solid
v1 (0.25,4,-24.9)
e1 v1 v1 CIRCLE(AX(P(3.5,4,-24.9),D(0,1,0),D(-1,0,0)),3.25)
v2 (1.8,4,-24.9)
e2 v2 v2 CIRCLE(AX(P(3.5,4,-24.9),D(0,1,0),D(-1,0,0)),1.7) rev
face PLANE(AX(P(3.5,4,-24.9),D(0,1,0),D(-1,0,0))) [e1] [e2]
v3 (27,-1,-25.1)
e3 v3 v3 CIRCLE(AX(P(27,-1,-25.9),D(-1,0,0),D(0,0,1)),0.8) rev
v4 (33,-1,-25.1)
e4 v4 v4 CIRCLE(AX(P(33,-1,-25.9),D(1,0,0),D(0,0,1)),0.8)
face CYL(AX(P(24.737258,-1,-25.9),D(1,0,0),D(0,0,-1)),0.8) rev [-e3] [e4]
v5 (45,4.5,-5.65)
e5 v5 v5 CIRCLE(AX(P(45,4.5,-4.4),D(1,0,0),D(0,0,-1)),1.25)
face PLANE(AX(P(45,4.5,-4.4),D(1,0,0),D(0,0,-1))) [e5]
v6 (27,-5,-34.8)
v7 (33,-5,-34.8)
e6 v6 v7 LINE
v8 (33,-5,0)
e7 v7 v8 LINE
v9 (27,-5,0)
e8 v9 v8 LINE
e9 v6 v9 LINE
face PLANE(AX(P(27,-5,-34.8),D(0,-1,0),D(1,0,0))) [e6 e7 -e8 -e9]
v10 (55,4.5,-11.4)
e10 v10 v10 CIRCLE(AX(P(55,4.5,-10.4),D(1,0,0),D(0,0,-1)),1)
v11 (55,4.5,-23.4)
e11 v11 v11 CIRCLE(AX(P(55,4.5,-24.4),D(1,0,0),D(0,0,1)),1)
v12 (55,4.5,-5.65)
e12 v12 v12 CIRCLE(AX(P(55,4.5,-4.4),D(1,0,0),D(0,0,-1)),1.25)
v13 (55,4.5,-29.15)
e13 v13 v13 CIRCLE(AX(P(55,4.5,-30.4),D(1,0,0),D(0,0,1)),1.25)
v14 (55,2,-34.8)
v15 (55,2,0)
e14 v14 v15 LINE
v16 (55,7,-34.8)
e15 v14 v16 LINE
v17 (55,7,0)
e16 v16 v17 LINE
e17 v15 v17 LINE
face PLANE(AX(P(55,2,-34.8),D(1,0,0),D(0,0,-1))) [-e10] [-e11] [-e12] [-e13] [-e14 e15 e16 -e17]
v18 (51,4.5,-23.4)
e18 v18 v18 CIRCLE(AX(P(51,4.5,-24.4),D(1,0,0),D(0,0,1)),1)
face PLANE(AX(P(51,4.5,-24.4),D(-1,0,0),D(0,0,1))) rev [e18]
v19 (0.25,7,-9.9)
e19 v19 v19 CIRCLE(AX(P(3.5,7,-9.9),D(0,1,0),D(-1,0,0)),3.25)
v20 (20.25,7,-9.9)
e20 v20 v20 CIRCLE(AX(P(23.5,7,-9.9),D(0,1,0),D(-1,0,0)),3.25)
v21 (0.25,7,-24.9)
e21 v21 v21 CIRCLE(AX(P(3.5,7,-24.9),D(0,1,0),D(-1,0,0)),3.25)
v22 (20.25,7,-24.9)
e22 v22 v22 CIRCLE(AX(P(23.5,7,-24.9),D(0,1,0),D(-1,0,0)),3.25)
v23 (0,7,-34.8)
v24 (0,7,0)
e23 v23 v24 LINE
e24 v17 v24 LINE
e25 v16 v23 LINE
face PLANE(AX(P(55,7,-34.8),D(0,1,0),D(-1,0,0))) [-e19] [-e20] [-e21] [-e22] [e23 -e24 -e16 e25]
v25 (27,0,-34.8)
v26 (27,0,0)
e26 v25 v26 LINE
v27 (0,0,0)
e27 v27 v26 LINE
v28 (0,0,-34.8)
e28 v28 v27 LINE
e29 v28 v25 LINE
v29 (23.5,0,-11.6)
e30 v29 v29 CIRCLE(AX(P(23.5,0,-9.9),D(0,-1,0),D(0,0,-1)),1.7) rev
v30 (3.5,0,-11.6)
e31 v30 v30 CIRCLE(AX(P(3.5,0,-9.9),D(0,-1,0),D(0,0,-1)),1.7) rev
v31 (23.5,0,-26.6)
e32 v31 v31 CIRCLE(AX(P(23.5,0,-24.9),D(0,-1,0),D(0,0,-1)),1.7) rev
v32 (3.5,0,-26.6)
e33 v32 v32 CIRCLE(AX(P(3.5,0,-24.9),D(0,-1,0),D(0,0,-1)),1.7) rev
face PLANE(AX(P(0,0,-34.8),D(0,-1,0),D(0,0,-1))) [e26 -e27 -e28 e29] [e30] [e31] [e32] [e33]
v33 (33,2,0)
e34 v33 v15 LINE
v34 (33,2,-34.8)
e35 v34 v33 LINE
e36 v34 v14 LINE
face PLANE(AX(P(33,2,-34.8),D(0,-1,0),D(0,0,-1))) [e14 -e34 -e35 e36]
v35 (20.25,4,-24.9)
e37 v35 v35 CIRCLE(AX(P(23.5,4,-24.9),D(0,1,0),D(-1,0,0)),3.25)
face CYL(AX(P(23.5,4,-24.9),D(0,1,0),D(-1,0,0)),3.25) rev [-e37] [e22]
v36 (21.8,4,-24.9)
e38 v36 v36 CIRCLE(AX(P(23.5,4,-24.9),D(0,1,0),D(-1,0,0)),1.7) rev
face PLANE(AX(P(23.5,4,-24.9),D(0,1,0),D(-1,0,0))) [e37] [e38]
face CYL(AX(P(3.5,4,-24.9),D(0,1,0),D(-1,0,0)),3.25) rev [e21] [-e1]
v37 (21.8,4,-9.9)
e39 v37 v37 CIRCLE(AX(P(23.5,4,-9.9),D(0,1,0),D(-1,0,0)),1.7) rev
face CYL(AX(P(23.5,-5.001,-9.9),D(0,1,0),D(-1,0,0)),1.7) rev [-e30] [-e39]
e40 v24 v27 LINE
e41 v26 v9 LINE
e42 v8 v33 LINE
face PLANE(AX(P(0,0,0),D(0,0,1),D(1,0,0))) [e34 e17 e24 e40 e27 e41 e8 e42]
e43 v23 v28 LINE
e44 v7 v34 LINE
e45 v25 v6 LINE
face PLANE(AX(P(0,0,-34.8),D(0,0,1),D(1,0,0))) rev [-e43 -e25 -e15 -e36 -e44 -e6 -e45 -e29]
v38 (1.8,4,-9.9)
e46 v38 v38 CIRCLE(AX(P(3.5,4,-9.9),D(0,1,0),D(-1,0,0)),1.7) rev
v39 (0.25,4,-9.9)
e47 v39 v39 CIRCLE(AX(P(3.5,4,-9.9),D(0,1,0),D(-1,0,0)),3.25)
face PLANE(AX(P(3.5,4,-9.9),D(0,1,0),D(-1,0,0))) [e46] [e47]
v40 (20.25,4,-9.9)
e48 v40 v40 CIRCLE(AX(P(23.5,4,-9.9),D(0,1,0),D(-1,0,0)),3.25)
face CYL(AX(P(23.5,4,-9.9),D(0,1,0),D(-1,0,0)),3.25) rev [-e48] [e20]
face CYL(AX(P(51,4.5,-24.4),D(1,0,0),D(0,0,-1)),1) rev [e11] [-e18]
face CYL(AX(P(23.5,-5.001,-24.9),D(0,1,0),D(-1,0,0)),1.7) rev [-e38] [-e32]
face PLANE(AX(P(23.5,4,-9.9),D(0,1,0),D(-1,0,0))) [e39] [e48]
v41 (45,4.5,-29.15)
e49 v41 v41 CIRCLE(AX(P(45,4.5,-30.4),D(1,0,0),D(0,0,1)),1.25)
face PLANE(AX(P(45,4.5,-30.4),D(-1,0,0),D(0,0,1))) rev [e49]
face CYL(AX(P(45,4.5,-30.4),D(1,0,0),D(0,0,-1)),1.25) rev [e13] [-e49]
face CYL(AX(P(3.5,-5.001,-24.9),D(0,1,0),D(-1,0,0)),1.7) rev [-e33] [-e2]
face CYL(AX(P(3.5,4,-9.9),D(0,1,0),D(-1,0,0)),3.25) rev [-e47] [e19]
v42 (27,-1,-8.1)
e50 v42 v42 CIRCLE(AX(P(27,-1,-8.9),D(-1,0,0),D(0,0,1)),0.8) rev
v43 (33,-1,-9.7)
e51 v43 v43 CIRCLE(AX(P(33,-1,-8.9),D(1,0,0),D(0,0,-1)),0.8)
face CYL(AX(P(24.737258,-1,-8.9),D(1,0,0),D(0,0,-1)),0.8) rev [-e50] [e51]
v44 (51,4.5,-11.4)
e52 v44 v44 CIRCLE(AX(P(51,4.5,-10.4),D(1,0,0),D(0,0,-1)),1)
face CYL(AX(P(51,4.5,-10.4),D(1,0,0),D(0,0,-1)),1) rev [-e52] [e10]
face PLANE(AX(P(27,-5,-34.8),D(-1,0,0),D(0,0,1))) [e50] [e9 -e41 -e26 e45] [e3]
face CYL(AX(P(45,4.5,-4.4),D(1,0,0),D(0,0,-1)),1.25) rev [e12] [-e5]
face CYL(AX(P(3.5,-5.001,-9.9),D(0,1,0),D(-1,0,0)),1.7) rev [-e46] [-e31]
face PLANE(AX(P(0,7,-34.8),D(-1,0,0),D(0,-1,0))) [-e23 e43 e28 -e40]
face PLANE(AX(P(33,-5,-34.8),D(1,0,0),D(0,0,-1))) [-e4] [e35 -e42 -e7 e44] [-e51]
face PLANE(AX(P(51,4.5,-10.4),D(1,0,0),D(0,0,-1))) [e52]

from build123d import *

# Parameters (mm, degrees)
BOSS_EXTRUDE1_DEPTH = 34.8
CUT_EXTRUDE1_REACH  = 68.182
SKETCH2_R           = 1.7
SKETCH3_R           = 0.8
CUT_EXTRUDE2_DEPTH  = 6
SKETCH4_R           = 1.25
CUT_EXTRUDE3_DEPTH  = 10
SKETCH5_R           = 1
CUT_EXTRUDE4_DEPTH  = 4
SKETCH6_R           = 3.25
CUT_EXTRUDE5_DEPTH  = 3


with BuildPart() as part:
    # Sketch1 → Boss-Extrude1 (new body)
    with BuildSketch(Plane.XY):
        Polygon((0, 0), (27, 0), (27, -5), (33, -5), (33, 2), (55, 2), (55, 7), (0, 7), align=None)
    extrude(amount=-BOSS_EXTRUDE1_DEPTH)

    # Sketch2 → Cut-Extrude1 (cut, up to next)
    with BuildSketch(Plane(origin=(0, 7, 0), x_dir=(1, 0, 0), z_dir=(0, 1, 0)), mode=Mode.PRIVATE) as cut_extrude1_sk1:
        with Locations(Location((3.5, 24.9, 0), (0, 0, 180))):
            Circle(SKETCH2_R)
    cut_extrude1_tool1 = extrude(cut_extrude1_sk1.sketch, amount=-CUT_EXTRUDE1_REACH, mode=Mode.PRIVATE) & part.part
    # Sketch2 → Cut-Extrude1 (cut, up to next)
    with BuildSketch(Plane(origin=(0, 7, 0), x_dir=(1, 0, 0), z_dir=(0, 1, 0)), mode=Mode.PRIVATE) as cut_extrude1_sk2:
        with Locations(Location((23.5, 24.9, 0), (0, 0, 180))):
            Circle(SKETCH2_R)
    cut_extrude1_tool2 = extrude(cut_extrude1_sk2.sketch, amount=-CUT_EXTRUDE1_REACH, mode=Mode.PRIVATE) & part.part
    # Sketch2 → Cut-Extrude1 (cut, up to next)
    with BuildSketch(Plane(origin=(0, 7, 0), x_dir=(1, 0, 0), z_dir=(0, 1, 0)), mode=Mode.PRIVATE) as cut_extrude1_sk3:
        with Locations(Location((23.5, 9.9, 0), (0, 0, 180))):
            Circle(SKETCH2_R)
    cut_extrude1_tool3 = extrude(cut_extrude1_sk3.sketch, amount=-CUT_EXTRUDE1_REACH, mode=Mode.PRIVATE) & part.part
    # Sketch2 → Cut-Extrude1 (cut, up to next)
    with BuildSketch(Plane(origin=(0, 7, 0), x_dir=(1, 0, 0), z_dir=(0, 1, 0)), mode=Mode.PRIVATE) as cut_extrude1_sk4:
        with Locations(Location((3.5, 9.9, 0), (0, 0, 180))):
            Circle(SKETCH2_R)
    cut_extrude1_tool4 = extrude(cut_extrude1_sk4.sketch, amount=-CUT_EXTRUDE1_REACH, mode=Mode.PRIVATE) & part.part
    add(cut_extrude1_tool1.solids().sort_by_distance((3.5, 7, -24.9))[0], mode=Mode.SUBTRACT)
    add(cut_extrude1_tool2.solids().sort_by_distance((23.5, 7, -24.9))[0], mode=Mode.SUBTRACT)
    add(cut_extrude1_tool3.solids().sort_by_distance((23.5, 7, -9.9))[0], mode=Mode.SUBTRACT)
    add(cut_extrude1_tool4.solids().sort_by_distance((3.5, 7, -9.9))[0], mode=Mode.SUBTRACT)

    # Sketch3 → Cut-Extrude2 (cut)
    with BuildSketch(Plane(origin=(33, 0, 0), x_dir=(0, 0, -1), z_dir=(1, 0, 0))):
        with Locations((8.9, -1)):
            Circle(SKETCH3_R)
        with Locations(Location((25.9, -1, 0), (0, 0, 180))):
            Circle(SKETCH3_R)
    extrude(amount=-CUT_EXTRUDE2_DEPTH, mode=Mode.SUBTRACT)

    # Sketch4 → Cut-Extrude3 (cut)
    with BuildSketch(Plane(origin=(55, 0, 0), x_dir=(0, 0, -1), z_dir=(1, 0, 0))):
        with Locations((4.4, 4.5)):
            Circle(SKETCH4_R)
        with Locations(Location((30.4, 4.5, 0), (0, 0, 180))):
            Circle(SKETCH4_R)
    extrude(amount=-CUT_EXTRUDE3_DEPTH, mode=Mode.SUBTRACT)

    # Sketch5 → Cut-Extrude4 (cut)
    with BuildSketch(Plane(origin=(55, 0, 0), x_dir=(0, 0, -1), z_dir=(1, 0, 0))):
        with Locations((10.4, 4.5)):
            Circle(SKETCH5_R)
        with Locations(Location((24.4, 4.5, 0), (0, 0, 180))):
            Circle(SKETCH5_R)
    extrude(amount=-CUT_EXTRUDE4_DEPTH, mode=Mode.SUBTRACT)

    # Sketch6 → Cut-Extrude5 (cut)
    with BuildSketch(Plane(origin=(0, 7, 0), x_dir=(1, 0, 0), z_dir=(0, 1, 0))):
        with Locations(Location((3.5, 24.9, 0), (0, 0, 180))):
            Circle(SKETCH6_R)
        with Locations(Location((23.5, 24.9, 0), (0, 0, 180))):
            Circle(SKETCH6_R)
        with Locations(Location((23.5, 9.9, 0), (0, 0, 180))):
            Circle(SKETCH6_R)
        with Locations(Location((3.5, 9.9, 0), (0, 0, 180))):
            Circle(SKETCH6_R)
    extrude(amount=-CUT_EXTRUDE5_DEPTH, mode=Mode.SUBTRACT)


solid = part.part
